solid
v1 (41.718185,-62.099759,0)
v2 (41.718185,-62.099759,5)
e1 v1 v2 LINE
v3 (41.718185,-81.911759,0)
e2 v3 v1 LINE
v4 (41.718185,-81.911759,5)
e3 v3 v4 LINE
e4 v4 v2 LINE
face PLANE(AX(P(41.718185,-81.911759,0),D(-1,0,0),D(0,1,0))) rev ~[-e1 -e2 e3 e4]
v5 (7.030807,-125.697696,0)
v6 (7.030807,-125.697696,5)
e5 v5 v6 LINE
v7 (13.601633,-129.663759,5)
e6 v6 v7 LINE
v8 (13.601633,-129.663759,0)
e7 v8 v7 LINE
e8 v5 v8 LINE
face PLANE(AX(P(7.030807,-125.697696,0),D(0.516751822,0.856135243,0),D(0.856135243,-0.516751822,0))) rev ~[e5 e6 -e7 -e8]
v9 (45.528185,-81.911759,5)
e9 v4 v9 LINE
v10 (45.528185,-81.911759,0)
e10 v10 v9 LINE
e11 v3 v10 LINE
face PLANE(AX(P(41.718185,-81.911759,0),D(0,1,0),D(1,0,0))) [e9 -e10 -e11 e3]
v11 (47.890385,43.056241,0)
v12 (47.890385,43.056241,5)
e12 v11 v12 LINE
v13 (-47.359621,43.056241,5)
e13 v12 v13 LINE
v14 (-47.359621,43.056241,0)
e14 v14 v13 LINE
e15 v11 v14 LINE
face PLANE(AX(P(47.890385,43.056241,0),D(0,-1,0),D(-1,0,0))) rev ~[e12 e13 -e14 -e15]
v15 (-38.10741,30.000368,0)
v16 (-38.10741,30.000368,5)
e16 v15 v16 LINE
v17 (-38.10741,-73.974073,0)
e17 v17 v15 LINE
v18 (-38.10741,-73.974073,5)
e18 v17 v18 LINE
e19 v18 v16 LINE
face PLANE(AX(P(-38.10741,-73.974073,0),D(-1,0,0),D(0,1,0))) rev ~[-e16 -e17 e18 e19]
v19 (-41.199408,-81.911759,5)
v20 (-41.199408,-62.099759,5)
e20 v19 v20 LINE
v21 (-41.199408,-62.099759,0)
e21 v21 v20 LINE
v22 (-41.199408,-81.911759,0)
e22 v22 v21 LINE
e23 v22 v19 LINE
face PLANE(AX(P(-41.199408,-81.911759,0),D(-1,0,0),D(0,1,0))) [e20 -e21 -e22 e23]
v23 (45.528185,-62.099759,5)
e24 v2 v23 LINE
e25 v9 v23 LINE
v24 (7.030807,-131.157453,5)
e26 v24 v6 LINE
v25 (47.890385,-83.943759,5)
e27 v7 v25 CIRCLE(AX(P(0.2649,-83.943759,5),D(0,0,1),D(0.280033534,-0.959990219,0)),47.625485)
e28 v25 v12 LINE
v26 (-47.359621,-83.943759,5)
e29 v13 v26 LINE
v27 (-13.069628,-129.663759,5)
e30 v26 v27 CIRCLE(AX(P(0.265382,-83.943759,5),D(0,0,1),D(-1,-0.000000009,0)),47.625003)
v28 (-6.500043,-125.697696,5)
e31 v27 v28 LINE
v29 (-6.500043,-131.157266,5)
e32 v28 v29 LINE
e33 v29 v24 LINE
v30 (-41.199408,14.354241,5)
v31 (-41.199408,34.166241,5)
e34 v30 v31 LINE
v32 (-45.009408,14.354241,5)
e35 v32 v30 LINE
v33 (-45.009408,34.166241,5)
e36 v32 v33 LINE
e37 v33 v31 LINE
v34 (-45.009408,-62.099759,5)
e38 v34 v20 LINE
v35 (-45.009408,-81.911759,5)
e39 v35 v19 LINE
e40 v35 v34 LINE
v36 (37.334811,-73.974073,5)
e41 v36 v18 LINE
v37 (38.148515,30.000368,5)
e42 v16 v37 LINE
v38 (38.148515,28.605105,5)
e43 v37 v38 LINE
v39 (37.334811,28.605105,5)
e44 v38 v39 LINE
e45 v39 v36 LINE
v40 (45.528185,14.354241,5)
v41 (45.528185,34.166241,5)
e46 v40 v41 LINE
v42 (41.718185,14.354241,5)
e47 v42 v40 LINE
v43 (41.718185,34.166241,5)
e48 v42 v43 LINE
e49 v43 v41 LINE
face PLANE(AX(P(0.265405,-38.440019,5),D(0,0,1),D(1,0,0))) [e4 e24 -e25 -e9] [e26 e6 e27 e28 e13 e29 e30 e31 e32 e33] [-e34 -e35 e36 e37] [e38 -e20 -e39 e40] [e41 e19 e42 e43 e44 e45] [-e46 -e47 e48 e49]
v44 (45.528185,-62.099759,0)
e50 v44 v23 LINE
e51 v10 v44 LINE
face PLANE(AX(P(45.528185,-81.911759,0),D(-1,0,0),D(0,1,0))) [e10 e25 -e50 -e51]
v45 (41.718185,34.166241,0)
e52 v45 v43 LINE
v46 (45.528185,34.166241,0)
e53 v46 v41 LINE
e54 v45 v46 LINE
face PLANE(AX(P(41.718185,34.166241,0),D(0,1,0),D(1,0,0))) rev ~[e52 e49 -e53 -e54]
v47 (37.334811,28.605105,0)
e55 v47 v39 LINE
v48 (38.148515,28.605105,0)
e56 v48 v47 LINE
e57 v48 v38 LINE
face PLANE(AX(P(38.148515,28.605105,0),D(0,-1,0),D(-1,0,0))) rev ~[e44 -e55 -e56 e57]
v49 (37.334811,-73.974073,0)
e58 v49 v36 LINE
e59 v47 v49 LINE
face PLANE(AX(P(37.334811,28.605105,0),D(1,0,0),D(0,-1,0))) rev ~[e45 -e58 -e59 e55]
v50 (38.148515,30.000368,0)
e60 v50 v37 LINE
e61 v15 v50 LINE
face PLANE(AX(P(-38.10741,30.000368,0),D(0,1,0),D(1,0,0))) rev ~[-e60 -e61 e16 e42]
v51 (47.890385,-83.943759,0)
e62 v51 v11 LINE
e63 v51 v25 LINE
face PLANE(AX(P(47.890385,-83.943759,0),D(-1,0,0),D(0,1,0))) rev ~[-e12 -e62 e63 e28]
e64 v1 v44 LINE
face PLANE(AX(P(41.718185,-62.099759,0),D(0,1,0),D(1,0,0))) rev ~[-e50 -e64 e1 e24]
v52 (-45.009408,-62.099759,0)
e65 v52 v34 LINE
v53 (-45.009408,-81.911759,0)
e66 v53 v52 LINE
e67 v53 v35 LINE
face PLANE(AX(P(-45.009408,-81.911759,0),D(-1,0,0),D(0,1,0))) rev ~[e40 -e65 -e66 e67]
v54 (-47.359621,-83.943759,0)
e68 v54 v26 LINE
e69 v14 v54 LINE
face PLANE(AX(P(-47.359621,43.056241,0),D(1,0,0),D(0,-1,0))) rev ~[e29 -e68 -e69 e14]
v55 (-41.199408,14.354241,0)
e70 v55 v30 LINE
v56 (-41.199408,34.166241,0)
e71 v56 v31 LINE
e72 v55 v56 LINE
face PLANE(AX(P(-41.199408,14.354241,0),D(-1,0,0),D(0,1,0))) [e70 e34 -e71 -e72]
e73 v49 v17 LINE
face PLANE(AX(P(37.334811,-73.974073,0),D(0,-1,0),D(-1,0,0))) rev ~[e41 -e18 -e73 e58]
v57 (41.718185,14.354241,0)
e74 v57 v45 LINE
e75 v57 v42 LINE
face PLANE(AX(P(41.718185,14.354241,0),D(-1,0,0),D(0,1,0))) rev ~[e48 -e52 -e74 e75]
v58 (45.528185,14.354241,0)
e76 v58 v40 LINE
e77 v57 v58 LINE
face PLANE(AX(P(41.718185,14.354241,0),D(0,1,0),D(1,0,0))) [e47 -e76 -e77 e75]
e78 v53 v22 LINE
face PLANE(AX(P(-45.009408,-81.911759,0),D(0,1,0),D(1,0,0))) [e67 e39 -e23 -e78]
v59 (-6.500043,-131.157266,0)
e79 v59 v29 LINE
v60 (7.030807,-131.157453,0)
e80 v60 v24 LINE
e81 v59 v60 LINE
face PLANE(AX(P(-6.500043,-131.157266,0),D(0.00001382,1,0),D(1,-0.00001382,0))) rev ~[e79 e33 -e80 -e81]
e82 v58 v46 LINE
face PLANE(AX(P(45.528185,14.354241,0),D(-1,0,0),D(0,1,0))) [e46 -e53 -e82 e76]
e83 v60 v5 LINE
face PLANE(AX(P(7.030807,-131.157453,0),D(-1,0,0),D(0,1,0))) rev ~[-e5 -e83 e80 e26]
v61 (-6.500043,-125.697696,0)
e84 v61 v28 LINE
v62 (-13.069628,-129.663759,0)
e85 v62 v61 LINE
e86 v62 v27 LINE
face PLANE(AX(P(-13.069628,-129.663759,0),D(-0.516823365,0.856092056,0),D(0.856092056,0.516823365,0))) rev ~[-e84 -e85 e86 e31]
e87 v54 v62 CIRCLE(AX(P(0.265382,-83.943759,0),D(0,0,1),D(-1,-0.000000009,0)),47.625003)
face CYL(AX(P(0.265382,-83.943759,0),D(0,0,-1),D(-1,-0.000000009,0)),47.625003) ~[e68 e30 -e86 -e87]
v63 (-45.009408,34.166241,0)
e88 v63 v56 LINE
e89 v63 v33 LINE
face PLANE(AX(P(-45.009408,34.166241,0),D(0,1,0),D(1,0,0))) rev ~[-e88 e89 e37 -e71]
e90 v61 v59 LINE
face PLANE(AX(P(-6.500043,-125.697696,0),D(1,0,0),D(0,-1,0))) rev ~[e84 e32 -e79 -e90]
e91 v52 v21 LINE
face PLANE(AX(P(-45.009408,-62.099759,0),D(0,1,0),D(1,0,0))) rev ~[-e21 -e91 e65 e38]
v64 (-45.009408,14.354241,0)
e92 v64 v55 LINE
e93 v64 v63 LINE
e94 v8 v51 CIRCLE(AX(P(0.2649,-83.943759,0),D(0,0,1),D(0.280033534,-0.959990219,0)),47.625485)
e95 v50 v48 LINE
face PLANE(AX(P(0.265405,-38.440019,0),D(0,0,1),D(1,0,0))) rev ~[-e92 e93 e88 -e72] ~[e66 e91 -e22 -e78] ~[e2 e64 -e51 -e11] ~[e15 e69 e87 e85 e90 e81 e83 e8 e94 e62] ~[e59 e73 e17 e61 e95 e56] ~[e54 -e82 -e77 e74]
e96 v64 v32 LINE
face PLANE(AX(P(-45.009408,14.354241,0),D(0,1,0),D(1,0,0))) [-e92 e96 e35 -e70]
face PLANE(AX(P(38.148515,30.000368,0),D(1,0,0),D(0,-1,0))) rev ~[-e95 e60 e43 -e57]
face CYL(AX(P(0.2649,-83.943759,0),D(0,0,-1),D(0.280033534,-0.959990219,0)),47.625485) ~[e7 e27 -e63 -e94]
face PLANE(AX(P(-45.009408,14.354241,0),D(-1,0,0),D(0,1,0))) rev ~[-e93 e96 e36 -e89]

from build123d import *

# Parameters (mm, degrees)
F0_W     = 3.81
F0_H     = 19.812
F1_DEPTH = 5


with BuildPart() as f1:
    # F0 (on Top) → F1 (new body)
    with BuildSketch(Plane.XY):
        with BuildLine():
            Line((47.890385, 43.056241), (-47.359621, 43.056241))
            Line((-47.359621, 43.056241), (-47.359621, -83.943759))
            ThreePointArc((-47.359621, -83.943759), (-37.834623, -112.518757), (-13.069628, -129.663759))
            Line((-13.069628, -129.663759), (-6.500043, -125.697696))
            Line((-6.500043, -125.697696), (-6.500043, -131.157266))
            Line((-6.500043, -131.157266), (7.030807, -131.157453))
            Line((7.030807, -131.157453), (7.030807, -125.697696))
            Line((7.030807, -125.697696), (13.601633, -129.663759))
            ThreePointArc((13.601633, -129.663759), (38.365787, -112.518385), (47.890385, -83.943759))
            Line((47.890385, -83.943759), (47.890385, 43.056241))
        make_face()
        with Locations((-43.104408, -72.005759)):
            Rectangle(F0_W, F0_H, mode=Mode.SUBTRACT)
        with Locations((43.623185, -72.005759)):
            Rectangle(F0_W, F0_H, mode=Mode.SUBTRACT)
        Polygon((-38.10741, 28.605105), (-38.10741, 30.000368), (38.148515, 30.000368), (38.148515, 28.605105), (37.334811, 28.605105), (37.334811, -73.974073), (-38.10741, -73.974073), align=None, mode=Mode.SUBTRACT)
        with Locations((-43.104408, 24.260241)):
            Rectangle(F0_W, F0_H, mode=Mode.SUBTRACT)
        with Locations((43.623185, 24.260241)):
            Rectangle(F0_W, F0_H, mode=Mode.SUBTRACT)
    extrude(amount=F1_DEPTH)


solid = f1.part
